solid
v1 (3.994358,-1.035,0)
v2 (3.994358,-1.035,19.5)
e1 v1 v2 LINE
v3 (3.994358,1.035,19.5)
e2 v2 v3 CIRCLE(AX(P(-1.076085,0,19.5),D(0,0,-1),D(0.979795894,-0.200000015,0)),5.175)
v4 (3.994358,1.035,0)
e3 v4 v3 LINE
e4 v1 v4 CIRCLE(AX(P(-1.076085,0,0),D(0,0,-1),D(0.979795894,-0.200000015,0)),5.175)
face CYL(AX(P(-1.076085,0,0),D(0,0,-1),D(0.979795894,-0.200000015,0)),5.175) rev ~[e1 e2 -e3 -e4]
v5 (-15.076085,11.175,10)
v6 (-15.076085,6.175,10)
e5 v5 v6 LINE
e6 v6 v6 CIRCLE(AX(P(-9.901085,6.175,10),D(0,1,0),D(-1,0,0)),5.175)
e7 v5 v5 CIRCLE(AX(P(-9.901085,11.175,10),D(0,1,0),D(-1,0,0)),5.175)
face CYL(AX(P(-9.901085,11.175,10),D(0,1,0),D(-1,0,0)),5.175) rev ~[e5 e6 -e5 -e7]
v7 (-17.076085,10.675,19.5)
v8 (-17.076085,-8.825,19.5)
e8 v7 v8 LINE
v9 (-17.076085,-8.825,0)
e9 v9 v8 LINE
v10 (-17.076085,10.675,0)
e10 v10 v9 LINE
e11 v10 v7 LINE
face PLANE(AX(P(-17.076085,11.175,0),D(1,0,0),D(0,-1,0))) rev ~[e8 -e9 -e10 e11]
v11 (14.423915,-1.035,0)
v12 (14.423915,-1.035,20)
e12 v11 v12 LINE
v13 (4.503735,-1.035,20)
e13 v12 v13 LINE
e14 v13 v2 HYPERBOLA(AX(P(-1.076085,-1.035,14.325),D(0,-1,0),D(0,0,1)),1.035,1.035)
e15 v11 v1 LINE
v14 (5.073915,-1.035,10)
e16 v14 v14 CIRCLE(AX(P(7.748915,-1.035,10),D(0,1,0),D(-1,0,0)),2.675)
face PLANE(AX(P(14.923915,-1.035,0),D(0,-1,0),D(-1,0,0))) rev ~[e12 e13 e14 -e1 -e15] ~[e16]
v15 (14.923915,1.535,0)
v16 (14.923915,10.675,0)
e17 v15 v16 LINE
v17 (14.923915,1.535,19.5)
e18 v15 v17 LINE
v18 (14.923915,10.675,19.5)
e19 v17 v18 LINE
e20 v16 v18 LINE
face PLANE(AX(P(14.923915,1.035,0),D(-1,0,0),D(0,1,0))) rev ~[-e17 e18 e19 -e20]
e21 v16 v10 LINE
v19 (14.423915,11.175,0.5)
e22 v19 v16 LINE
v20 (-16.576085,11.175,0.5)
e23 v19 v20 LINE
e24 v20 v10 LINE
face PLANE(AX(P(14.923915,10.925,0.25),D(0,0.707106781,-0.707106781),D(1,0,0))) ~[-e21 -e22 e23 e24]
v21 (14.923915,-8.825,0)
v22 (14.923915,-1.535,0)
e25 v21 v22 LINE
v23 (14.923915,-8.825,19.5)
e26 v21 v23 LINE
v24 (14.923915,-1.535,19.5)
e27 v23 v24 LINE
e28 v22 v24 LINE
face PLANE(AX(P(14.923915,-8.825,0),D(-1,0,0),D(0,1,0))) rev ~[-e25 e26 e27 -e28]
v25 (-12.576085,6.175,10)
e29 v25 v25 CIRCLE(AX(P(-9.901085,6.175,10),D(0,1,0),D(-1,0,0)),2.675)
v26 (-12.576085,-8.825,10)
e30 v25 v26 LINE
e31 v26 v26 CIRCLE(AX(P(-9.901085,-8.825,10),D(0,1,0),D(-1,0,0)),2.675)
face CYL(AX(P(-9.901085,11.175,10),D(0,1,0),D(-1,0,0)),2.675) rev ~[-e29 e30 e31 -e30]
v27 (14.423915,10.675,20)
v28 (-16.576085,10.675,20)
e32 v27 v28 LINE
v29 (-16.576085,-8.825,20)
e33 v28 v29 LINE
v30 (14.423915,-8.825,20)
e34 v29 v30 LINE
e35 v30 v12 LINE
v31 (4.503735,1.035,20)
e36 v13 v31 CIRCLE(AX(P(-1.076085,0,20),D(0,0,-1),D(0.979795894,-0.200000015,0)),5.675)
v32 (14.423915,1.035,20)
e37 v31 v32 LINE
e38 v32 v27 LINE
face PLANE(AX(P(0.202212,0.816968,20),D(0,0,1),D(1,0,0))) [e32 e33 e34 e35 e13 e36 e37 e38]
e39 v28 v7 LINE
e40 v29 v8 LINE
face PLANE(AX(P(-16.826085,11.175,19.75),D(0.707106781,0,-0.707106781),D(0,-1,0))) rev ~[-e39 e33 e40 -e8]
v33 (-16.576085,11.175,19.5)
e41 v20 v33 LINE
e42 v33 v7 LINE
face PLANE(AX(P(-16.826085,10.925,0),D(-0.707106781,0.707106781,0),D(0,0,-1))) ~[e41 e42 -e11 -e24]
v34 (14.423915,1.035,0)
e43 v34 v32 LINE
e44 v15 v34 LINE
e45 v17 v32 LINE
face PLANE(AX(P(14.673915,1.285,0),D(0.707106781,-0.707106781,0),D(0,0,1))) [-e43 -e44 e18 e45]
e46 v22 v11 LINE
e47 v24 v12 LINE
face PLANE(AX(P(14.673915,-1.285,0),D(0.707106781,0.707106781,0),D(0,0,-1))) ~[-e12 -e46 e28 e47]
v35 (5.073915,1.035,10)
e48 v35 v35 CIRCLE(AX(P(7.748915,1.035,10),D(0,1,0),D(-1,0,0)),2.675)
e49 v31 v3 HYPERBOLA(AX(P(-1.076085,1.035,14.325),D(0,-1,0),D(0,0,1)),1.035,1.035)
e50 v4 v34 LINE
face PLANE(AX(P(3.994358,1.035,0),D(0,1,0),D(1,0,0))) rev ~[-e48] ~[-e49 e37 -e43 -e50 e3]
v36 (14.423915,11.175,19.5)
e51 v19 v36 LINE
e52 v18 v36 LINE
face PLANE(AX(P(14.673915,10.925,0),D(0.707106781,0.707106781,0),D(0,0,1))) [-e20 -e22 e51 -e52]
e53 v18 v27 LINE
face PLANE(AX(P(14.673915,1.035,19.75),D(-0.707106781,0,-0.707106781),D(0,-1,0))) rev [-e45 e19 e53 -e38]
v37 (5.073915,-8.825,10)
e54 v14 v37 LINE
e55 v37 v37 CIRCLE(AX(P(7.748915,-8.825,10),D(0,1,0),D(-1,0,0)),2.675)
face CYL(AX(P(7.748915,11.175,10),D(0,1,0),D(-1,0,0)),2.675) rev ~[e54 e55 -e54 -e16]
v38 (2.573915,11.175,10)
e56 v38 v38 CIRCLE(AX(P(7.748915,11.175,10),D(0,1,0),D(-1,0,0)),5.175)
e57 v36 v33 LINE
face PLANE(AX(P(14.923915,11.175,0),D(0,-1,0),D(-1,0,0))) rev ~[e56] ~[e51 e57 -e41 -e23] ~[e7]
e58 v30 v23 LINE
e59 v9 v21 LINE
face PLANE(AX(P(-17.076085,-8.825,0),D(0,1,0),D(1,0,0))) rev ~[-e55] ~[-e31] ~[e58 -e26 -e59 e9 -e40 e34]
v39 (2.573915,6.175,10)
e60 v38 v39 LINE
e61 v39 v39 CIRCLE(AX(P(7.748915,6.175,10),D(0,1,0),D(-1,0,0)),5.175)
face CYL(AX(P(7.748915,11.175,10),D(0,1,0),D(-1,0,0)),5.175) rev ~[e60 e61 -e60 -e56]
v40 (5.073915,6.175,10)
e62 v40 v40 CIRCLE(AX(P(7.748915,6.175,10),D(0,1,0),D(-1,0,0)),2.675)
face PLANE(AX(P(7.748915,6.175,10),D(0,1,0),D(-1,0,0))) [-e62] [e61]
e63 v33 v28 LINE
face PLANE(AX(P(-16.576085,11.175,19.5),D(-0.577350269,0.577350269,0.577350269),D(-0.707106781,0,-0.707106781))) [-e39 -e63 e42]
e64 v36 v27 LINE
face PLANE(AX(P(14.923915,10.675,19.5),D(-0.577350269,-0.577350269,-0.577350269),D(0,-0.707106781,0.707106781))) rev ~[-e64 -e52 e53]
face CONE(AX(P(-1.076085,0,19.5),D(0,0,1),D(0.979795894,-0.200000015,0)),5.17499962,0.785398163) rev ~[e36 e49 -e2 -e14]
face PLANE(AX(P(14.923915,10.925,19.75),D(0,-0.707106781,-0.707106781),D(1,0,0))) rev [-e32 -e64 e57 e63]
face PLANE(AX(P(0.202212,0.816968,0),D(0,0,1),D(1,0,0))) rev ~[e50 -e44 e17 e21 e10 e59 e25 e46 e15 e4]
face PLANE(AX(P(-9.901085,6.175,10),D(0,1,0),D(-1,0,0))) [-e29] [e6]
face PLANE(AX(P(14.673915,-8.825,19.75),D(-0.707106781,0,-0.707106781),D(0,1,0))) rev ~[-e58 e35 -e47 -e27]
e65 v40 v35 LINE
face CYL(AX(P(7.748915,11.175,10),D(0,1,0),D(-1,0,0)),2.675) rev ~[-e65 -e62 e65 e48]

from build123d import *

# Parameters (mm, degrees)
F1_DEPTH = 20
F2_R     = 2.675
F3_DEPTH = 20
F2_R_2   = 5.175
F4_DEPTH = 5
F5_SIZE  = 0.5


with BuildPart() as f1:
    # F0 (on Top) → F1 (new body)
    with BuildSketch(Plane.XY):
        with BuildLine():
            Line((14.923915, 11.175), (-17.076085, 11.175))
            Line((-17.076085, 11.175), (-17.076085, -8.825))
            Line((-17.076085, -8.825), (14.923915, -8.825))
            Line((14.923915, -8.825), (14.923915, -1.035))
            Line((14.923915, -1.035), (3.994358, -1.035))
            ThreePointArc((3.994358, -1.035), (-6.251085, 0), (3.994358, 1.035))
            Line((3.994358, 1.035), (14.923915, 1.035))
            Line((14.923915, 1.035), (14.923915, 11.175))
        make_face()
    extrude(amount=F1_DEPTH)

    # F2 (on face) → F3 (cut)
    with BuildSketch(Plane(origin=(0, 11.175, 0), x_dir=(-1, 0, 0), z_dir=(0, 1, 0))):
        with Locations((-7.748915, 10)):
            Circle(F2_R)
        with Locations((9.901085, 10)):
            Circle(F2_R)
    extrude(amount=-F3_DEPTH, mode=Mode.SUBTRACT)

    # F2 (on face) → F4 (cut)
    with BuildSketch(Plane(origin=(0, 11.175, 0), x_dir=(-1, 0, 0), z_dir=(0, 1, 0))):
        with Locations((-7.748915, 10)):
            Circle(F2_R_2)
        with Locations((-7.748915, 10)):
            Circle(F2_R, mode=Mode.SUBTRACT)
        with Locations((9.901085, 10)):
            Circle(F2_R_2)
        with Locations((9.901085, 10)):
            Circle(F2_R, mode=Mode.SUBTRACT)
    extrude(amount=-F4_DEPTH, mode=Mode.SUBTRACT)

    # F5
    f5_edges = [f1.edges().sort_by_distance(p)[0] for p in [
        (14.923915, -1.035, 10),
        (-17.076085, 1.175, 20),
        (-1.076085, 11.175, 20),
        (-17.076085, 11.175, 10),
        (14.923915, 11.175, 10),
        (14.923915, 6.105, 20),
        (14.923915, -4.93, 20),
        (-6.251085, 0, 20),
        (14.923915, 1.035, 10),
        (-1.076085, 11.175, 0),
    ]]
    chamfer(f5_edges, length=F5_SIZE)


solid = f1.part
